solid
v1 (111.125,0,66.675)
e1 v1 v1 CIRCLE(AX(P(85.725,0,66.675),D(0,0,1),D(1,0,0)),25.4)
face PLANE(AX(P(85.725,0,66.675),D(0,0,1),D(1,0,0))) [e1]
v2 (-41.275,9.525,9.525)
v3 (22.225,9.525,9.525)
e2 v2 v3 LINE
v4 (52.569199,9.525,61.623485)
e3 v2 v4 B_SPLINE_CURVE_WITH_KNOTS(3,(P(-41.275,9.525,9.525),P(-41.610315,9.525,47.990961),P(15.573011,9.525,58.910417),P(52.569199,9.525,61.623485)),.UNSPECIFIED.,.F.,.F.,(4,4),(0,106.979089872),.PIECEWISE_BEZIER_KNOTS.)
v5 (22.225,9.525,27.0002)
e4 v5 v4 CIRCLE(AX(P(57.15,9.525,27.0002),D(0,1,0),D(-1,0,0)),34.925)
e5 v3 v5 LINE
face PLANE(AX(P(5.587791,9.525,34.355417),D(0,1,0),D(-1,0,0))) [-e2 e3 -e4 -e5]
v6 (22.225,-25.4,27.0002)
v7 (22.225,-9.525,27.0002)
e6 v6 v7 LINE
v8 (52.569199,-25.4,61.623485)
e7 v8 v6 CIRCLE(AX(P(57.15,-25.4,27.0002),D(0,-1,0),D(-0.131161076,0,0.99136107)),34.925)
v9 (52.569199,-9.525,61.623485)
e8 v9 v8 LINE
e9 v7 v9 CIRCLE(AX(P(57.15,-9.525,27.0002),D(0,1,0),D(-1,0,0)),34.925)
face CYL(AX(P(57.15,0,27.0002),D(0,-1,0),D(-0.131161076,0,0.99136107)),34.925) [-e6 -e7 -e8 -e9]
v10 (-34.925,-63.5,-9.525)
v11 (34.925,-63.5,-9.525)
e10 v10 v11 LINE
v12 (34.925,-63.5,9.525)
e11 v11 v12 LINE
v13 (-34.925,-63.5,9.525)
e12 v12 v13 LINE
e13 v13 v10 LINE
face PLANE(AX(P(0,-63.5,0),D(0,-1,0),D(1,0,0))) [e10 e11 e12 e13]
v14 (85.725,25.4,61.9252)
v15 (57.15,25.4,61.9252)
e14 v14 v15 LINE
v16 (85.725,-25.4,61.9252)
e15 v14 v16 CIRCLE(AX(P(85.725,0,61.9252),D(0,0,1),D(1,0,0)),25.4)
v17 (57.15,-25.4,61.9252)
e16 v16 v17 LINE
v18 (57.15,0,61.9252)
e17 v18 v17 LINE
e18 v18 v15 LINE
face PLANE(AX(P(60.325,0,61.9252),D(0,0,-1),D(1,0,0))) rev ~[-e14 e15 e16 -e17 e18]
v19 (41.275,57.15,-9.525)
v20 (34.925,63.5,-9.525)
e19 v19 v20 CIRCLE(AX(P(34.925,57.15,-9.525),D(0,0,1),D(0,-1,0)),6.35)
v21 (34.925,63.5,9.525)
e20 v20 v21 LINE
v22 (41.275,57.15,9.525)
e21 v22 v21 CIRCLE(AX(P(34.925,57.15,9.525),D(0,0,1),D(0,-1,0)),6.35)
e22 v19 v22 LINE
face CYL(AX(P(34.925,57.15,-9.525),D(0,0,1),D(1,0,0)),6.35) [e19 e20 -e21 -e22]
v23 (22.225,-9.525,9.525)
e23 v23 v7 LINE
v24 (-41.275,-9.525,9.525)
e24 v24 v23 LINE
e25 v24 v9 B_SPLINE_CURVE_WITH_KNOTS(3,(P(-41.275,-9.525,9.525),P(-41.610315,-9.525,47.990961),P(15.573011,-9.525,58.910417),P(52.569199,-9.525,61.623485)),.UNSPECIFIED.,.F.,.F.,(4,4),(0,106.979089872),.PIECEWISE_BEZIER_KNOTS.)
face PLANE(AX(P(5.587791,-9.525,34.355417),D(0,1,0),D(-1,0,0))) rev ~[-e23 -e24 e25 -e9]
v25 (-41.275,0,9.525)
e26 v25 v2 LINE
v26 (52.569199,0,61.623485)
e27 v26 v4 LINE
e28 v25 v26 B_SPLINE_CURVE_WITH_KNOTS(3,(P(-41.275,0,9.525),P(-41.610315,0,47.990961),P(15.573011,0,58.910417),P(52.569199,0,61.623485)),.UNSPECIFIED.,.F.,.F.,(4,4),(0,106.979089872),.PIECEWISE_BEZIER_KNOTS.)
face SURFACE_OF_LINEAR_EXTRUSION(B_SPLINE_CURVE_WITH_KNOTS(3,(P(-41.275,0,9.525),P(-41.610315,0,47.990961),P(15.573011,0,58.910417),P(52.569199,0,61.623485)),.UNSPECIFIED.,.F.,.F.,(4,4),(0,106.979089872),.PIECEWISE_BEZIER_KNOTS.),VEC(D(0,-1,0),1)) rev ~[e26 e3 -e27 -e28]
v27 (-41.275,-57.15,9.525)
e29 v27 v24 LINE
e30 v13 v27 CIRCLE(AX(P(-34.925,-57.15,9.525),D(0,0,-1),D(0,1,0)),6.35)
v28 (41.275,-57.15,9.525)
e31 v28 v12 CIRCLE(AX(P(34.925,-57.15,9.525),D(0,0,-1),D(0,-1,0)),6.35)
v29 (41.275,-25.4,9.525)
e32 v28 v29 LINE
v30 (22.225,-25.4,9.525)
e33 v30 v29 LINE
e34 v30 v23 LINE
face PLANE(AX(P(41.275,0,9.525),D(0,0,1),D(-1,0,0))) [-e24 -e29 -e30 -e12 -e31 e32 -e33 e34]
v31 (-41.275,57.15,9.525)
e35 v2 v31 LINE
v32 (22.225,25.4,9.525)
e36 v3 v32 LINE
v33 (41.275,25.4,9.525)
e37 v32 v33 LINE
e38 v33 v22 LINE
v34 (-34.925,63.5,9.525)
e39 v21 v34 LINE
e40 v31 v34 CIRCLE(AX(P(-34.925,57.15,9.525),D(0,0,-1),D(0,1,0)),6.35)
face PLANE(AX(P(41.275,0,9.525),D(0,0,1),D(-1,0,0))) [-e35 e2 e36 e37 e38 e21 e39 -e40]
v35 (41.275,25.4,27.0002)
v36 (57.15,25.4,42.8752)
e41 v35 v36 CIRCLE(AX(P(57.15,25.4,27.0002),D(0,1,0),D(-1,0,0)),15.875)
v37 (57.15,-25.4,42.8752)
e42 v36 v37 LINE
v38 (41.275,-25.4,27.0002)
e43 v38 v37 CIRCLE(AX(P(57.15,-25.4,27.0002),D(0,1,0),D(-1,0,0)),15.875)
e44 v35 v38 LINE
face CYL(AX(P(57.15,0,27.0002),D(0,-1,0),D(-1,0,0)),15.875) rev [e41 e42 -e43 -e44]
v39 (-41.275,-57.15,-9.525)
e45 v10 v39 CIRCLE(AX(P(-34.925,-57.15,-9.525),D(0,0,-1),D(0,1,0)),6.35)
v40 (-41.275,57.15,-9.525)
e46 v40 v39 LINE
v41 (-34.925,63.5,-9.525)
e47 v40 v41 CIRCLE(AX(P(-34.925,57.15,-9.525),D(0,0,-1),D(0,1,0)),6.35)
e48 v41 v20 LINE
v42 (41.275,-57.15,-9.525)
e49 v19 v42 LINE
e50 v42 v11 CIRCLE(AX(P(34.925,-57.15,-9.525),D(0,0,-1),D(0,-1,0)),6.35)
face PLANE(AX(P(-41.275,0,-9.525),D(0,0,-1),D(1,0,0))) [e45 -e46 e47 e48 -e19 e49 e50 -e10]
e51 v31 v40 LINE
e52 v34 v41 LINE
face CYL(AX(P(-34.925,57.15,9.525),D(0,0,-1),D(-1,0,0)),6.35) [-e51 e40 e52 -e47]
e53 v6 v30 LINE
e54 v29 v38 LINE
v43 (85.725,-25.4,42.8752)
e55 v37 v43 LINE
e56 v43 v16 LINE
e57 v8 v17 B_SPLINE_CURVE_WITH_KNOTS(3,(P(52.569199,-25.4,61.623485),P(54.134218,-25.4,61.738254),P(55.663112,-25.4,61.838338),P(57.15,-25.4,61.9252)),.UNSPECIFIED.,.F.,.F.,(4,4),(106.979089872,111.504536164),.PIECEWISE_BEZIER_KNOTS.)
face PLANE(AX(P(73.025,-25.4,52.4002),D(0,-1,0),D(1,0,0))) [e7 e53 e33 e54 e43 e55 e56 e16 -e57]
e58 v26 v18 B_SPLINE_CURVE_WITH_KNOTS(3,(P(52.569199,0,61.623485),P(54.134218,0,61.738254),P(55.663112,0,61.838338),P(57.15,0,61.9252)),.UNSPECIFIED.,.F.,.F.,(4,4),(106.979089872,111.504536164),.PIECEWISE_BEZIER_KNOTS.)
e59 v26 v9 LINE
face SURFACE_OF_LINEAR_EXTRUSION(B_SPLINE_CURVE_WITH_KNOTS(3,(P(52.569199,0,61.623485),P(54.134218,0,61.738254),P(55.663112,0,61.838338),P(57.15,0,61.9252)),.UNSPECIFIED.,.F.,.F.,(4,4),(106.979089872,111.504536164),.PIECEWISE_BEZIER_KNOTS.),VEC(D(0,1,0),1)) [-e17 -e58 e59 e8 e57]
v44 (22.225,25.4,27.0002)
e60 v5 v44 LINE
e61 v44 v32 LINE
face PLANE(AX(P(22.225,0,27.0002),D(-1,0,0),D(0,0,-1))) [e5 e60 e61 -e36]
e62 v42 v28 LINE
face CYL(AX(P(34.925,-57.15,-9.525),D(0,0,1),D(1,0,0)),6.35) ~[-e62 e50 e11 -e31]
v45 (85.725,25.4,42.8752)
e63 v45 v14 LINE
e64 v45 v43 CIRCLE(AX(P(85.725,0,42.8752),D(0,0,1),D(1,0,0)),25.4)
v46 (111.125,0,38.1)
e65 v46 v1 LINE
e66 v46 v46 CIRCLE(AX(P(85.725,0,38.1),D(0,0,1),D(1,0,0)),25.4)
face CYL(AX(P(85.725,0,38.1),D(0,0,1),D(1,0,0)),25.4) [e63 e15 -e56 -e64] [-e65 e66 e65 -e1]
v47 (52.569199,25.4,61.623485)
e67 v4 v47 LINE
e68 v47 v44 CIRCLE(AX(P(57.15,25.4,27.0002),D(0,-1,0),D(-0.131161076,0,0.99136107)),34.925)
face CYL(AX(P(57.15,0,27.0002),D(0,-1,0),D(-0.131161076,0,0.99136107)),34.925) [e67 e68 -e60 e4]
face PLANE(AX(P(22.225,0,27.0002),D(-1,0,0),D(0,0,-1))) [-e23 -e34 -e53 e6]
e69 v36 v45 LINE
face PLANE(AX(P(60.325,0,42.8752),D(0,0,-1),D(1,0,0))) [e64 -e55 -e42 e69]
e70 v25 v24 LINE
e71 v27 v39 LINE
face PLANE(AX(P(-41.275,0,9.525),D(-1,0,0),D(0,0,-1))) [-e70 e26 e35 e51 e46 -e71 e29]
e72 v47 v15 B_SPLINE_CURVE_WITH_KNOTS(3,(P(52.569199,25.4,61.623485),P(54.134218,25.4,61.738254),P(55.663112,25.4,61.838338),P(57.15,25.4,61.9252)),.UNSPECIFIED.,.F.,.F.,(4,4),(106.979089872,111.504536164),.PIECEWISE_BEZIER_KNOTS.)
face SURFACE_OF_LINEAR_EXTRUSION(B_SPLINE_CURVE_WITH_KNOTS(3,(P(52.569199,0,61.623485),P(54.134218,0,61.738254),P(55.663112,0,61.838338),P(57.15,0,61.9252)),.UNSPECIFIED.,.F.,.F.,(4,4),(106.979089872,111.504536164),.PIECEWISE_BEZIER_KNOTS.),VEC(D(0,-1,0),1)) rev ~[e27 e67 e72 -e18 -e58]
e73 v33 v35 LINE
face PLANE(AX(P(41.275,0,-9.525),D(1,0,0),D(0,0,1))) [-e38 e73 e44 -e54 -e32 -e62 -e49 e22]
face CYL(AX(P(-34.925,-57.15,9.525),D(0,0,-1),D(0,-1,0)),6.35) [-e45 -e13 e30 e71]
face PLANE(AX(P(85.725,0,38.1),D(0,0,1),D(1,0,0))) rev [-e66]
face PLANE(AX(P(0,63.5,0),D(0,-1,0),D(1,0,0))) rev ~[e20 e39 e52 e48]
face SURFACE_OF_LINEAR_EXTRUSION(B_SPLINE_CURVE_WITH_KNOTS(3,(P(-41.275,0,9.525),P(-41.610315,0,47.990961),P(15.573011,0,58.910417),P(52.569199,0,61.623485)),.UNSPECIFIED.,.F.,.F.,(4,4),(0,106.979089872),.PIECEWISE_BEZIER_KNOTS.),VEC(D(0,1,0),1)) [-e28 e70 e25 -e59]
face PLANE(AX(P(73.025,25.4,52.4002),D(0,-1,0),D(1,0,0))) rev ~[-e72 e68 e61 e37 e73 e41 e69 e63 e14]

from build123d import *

# Parameters (mm, degrees)
F1_DEPTH = 63.5
F2_DEPTH = 25.4
F0_W     = 25.4
F0_H     = 19.05
F3_DEPTH = 25.4
F4_DEPTH = 9.525
F6_R     = 6.35


with BuildPart() as f1:
    # F0 (on Front) → F1 (new body, symmetric)
    with BuildSketch(Plane.XZ):
        Polygon((-41.275, 9.525), (-41.275, -9.525), (41.275, -9.525), (41.275, 9.525), (22.225, 9.525), align=None)
    extrude(amount=F1_DEPTH, both=True)

    # F0 (on Front) → F2 (join, symmetric)
    with BuildSketch(Plane.XZ):
        with BuildLine():
            Line((22.225, 9.525), (41.275, 9.525))
            Line((41.275, 9.525), (41.275, 27.0002))
            ThreePointArc((41.275, 27.0002), (45.9246798487, 38.2255201513), (57.15, 42.8752))
            Line((57.15, 42.8752), (60.325, 42.8752))
            Line((60.325, 42.8752), (60.325, 61.9252))
            Line((60.325, 61.9252), (57.15, 61.9252))
            add(Edge.make_bspline(
                [(52.5691994145, 61.6234853871), (54.1342180077, 61.7382540245), (55.6631122744, 61.8383375559), (57.15, 61.9252)],
                knots=[106.979089872, 106.979089872, 106.979089872, 106.979089872, 111.5045361635, 111.5045361635, 111.5045361635, 111.5045361635], degree=3))
            ThreePointArc((52.5691994145, 61.6234853871), (30.8846227378, 50.0194437381), (22.225, 27.0002))
            Line((22.225, 27.0002), (22.225, 9.525))
        make_face()
    extrude(amount=F2_DEPTH, both=True)

    # F0 (on Front) → F3 (join, symmetric)
    with BuildSketch(Plane.XZ):
        with Locations((73.025, 52.4002)):
            Rectangle(F0_W, F0_H)
    extrude(amount=F3_DEPTH, both=True)

    # F0 (on Front) → F4 (join, symmetric)
    with BuildSketch(Plane.XZ):
        with BuildLine():
            add(Edge.make_bspline(
                [(-41.275, 9.525), (-41.6103147377, 47.9909608726), (15.5730107622, 58.9104171977), (52.5691994145, 61.6234853871)],
                knots=[0, 0, 0, 0, 106.979089872, 106.979089872, 106.979089872, 106.979089872], degree=3))
            Line((-41.275, 9.525), (22.225, 9.525))
            Line((22.225, 9.525), (22.225, 27.0002))
            ThreePointArc((22.225, 27.0002), (30.8846227378, 50.0194437381), (52.5691994145, 61.6234853871))
        make_face()
    extrude(amount=F4_DEPTH, both=True)

    # F0 (on Front) → F5 (revolve)
    with BuildSketch(Plane.XZ):
        Polygon((85.725, 66.675), (85.725, 61.9252), (85.725, 42.8752), (85.725, 38.1), (111.125, 38.1), (111.125, 66.675), align=None)
    revolve(axis=Axis((85.725, 0, 52.3875), (0, 0, 1)))

    # F6
    f6_edges = [f1.edges().sort_by_distance(p)[0] for p in [
        (-41.275, -63.5, 0),
        (41.275, -63.5, 0),
        (41.275, 63.5, 0),
        (-41.275, 63.5, 0),
    ]]
    fillet(f6_edges, radius=F6_R)


solid = f1.part
